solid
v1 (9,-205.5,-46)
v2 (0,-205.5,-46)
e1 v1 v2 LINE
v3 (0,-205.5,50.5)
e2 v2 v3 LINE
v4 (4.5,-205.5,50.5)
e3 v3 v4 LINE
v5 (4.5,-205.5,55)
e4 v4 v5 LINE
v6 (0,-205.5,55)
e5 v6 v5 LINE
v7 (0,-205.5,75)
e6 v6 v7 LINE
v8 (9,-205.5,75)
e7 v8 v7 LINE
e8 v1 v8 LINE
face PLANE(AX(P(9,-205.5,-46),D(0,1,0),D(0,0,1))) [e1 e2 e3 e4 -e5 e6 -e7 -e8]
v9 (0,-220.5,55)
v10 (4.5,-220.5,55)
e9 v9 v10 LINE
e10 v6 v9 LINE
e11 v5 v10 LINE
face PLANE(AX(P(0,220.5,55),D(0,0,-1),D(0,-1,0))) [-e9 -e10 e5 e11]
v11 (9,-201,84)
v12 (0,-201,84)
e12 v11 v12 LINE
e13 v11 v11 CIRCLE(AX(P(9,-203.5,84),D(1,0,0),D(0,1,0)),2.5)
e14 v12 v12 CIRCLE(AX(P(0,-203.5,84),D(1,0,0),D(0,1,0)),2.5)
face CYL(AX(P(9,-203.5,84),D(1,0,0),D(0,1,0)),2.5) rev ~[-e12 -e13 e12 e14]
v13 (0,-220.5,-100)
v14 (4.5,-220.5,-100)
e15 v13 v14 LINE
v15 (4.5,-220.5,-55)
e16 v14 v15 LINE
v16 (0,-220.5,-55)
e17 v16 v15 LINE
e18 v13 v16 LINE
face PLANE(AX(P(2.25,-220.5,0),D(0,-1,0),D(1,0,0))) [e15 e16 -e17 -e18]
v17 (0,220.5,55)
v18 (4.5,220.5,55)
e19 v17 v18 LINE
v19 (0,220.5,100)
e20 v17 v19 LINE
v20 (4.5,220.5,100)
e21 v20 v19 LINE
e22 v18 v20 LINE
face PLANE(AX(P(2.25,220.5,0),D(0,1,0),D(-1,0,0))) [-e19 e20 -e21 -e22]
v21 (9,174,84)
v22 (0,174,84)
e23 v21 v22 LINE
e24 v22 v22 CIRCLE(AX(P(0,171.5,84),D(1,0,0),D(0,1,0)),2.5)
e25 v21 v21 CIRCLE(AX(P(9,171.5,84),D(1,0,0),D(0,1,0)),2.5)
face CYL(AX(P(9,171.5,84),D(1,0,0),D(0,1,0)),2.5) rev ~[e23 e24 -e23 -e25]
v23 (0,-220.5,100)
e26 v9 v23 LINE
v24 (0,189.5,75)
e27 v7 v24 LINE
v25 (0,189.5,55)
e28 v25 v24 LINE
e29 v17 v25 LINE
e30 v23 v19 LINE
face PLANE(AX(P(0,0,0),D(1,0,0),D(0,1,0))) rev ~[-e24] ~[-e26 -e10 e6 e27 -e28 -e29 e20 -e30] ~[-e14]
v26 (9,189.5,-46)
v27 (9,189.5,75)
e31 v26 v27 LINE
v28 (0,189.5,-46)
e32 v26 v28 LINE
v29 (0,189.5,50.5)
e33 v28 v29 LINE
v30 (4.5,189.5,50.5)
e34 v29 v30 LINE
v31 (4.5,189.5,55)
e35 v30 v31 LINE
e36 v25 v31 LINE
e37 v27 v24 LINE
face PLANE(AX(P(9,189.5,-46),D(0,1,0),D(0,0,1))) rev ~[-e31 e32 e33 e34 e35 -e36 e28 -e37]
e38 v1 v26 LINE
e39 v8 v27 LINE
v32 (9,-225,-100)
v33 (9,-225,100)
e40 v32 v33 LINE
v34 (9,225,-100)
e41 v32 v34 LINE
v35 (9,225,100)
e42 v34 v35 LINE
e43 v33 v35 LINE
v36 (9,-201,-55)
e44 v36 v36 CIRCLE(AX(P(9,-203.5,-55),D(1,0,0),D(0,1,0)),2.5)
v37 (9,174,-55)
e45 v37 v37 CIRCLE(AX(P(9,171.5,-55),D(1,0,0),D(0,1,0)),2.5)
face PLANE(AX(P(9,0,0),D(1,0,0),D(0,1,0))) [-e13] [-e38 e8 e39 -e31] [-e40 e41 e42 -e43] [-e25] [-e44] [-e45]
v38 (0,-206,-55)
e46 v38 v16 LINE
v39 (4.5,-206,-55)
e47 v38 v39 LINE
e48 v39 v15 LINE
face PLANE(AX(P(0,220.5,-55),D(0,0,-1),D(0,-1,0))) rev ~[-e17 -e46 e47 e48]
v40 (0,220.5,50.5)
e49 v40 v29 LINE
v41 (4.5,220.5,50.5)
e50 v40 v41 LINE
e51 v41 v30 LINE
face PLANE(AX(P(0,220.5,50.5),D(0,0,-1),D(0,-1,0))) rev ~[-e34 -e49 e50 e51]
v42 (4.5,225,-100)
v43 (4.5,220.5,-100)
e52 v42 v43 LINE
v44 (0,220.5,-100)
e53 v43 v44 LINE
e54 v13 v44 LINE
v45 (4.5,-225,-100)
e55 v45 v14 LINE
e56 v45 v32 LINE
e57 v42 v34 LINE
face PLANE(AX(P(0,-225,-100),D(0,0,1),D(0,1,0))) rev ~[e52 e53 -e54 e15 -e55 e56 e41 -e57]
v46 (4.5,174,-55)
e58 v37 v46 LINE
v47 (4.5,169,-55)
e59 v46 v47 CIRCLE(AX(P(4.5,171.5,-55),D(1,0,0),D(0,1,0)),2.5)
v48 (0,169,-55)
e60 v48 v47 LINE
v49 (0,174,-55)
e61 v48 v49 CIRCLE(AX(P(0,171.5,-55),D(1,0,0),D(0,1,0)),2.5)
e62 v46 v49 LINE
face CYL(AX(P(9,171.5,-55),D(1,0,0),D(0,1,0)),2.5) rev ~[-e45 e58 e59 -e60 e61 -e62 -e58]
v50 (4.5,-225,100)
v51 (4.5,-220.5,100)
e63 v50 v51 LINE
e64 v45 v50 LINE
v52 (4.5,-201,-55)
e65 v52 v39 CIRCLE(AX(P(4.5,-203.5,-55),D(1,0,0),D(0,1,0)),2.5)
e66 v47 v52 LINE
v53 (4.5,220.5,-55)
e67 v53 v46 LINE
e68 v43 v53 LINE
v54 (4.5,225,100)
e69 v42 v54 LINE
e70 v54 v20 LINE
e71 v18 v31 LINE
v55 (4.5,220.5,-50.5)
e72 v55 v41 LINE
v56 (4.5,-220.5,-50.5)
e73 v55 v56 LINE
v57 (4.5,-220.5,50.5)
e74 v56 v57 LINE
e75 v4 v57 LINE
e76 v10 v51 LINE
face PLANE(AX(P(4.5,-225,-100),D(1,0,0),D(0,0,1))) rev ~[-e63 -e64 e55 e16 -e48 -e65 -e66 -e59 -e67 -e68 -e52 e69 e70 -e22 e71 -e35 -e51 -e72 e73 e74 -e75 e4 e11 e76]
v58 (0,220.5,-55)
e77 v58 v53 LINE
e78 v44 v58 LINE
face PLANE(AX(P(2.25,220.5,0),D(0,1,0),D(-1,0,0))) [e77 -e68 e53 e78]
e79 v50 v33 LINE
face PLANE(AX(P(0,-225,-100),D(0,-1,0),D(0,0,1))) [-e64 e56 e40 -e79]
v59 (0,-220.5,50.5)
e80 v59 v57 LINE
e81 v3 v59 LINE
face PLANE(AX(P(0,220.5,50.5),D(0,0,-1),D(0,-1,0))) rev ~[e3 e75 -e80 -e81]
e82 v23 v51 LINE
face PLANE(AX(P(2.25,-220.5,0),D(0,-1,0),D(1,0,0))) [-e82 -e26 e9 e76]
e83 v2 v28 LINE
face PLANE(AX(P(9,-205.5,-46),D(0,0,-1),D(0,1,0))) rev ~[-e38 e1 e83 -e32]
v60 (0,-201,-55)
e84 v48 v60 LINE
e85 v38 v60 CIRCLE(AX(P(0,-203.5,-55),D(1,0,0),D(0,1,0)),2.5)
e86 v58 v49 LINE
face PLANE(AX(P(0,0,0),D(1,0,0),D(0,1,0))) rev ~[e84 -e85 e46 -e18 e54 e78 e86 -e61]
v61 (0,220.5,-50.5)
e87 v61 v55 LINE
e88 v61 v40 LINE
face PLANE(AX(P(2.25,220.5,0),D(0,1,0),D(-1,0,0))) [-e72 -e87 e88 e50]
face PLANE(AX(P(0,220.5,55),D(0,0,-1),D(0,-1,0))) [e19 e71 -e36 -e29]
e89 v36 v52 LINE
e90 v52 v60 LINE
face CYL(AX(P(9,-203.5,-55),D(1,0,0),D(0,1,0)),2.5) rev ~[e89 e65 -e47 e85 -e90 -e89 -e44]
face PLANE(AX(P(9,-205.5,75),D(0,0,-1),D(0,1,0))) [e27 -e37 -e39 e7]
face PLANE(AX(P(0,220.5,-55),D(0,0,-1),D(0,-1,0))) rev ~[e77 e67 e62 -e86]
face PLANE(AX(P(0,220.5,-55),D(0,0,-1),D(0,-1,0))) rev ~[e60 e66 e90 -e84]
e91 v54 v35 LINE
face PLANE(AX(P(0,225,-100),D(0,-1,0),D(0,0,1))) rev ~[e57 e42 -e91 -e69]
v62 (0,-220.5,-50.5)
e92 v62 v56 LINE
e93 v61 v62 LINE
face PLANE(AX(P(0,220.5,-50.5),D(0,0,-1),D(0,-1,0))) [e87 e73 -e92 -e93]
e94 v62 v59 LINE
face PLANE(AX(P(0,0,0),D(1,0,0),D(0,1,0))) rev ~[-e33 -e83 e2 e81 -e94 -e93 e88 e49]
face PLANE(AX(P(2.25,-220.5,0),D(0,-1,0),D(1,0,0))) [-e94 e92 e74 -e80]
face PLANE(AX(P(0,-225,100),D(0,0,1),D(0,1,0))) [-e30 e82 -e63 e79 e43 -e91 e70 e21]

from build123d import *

# Parameters (mm, degrees)
F0_W      = 450
F0_H      = 200
F1_DEPTH  = 9
F2_W      = 4.5
F2_H      = 200
F3_DEPTH  = 4.5
F4_W      = 4.5
F4_H      = 200
F5_DEPTH  = 4.5
F6_W      = 441
F6_H      = 4.5
F7_DEPTH  = 4.5
F8_W      = 441
F8_H      = 4.5
F9_DEPTH  = 4.5
F10_W     = 395
F10_H     = 121
F11_DEPTH = 9
F12_R     = 2.5
F13_DEPTH = 9


with BuildPart() as f1:
    # F0 (on Right) → F1 (new body)
    with BuildSketch(Plane.YZ):
        Rectangle(F0_W, F0_H)
    extrude(amount=F1_DEPTH)

    # F2 (on face) → F3 (cut)
    with BuildSketch(Plane.XZ.offset(225)):
        with Locations((2.25, 0)):
            Rectangle(F2_W, F2_H)
    extrude(amount=-F3_DEPTH, mode=Mode.SUBTRACT)

    # F4 (on face) → F5 (cut)
    with BuildSketch(Plane(origin=(0, 225, 0), x_dir=(-1, 0, 0), z_dir=(0, 1, 0))):
        with Locations((-2.25, 0)):
            Rectangle(F4_W, F4_H)
    extrude(amount=-F5_DEPTH, mode=Mode.SUBTRACT)

    # F6 (on face) → F7 (cut)
    with BuildSketch(Plane(origin=(0, 0, 0), x_dir=(0, -1, 0), z_dir=(-1, 0, 0))):
        with Locations((0, 52.75)):
            Rectangle(F6_W, F6_H)
    extrude(amount=-F7_DEPTH, mode=Mode.SUBTRACT)

    # F8 (on face) → F9 (cut)
    with BuildSketch(Plane(origin=(0, 0, 0), x_dir=(0, -1, 0), z_dir=(-1, 0, 0))):
        with Locations((0, -52.75)):
            Rectangle(F8_W, F8_H)
    extrude(amount=-F9_DEPTH, mode=Mode.SUBTRACT)

    # F10 (on face) → F11 (cut, through all)
    with BuildSketch(Plane.YZ.offset(9)):
        with Locations((-8, 14.5)):
            Rectangle(F10_W, F10_H)
    extrude(amount=-F11_DEPTH, mode=Mode.SUBTRACT)

    # F12 (on face) → F13 (cut, through all)
    with BuildSketch(Plane.YZ.offset(9)):
        with Locations((-203.5, 84)):
            Circle(F12_R)
        with Locations((171.5, 84)):
            Circle(F12_R)
        with Locations((171.5, -55)):
            Circle(F12_R)
        with Locations((-203.5, -55)):
            Circle(F12_R)
    extrude(amount=-F13_DEPTH, mode=Mode.SUBTRACT)


solid = f1.part
